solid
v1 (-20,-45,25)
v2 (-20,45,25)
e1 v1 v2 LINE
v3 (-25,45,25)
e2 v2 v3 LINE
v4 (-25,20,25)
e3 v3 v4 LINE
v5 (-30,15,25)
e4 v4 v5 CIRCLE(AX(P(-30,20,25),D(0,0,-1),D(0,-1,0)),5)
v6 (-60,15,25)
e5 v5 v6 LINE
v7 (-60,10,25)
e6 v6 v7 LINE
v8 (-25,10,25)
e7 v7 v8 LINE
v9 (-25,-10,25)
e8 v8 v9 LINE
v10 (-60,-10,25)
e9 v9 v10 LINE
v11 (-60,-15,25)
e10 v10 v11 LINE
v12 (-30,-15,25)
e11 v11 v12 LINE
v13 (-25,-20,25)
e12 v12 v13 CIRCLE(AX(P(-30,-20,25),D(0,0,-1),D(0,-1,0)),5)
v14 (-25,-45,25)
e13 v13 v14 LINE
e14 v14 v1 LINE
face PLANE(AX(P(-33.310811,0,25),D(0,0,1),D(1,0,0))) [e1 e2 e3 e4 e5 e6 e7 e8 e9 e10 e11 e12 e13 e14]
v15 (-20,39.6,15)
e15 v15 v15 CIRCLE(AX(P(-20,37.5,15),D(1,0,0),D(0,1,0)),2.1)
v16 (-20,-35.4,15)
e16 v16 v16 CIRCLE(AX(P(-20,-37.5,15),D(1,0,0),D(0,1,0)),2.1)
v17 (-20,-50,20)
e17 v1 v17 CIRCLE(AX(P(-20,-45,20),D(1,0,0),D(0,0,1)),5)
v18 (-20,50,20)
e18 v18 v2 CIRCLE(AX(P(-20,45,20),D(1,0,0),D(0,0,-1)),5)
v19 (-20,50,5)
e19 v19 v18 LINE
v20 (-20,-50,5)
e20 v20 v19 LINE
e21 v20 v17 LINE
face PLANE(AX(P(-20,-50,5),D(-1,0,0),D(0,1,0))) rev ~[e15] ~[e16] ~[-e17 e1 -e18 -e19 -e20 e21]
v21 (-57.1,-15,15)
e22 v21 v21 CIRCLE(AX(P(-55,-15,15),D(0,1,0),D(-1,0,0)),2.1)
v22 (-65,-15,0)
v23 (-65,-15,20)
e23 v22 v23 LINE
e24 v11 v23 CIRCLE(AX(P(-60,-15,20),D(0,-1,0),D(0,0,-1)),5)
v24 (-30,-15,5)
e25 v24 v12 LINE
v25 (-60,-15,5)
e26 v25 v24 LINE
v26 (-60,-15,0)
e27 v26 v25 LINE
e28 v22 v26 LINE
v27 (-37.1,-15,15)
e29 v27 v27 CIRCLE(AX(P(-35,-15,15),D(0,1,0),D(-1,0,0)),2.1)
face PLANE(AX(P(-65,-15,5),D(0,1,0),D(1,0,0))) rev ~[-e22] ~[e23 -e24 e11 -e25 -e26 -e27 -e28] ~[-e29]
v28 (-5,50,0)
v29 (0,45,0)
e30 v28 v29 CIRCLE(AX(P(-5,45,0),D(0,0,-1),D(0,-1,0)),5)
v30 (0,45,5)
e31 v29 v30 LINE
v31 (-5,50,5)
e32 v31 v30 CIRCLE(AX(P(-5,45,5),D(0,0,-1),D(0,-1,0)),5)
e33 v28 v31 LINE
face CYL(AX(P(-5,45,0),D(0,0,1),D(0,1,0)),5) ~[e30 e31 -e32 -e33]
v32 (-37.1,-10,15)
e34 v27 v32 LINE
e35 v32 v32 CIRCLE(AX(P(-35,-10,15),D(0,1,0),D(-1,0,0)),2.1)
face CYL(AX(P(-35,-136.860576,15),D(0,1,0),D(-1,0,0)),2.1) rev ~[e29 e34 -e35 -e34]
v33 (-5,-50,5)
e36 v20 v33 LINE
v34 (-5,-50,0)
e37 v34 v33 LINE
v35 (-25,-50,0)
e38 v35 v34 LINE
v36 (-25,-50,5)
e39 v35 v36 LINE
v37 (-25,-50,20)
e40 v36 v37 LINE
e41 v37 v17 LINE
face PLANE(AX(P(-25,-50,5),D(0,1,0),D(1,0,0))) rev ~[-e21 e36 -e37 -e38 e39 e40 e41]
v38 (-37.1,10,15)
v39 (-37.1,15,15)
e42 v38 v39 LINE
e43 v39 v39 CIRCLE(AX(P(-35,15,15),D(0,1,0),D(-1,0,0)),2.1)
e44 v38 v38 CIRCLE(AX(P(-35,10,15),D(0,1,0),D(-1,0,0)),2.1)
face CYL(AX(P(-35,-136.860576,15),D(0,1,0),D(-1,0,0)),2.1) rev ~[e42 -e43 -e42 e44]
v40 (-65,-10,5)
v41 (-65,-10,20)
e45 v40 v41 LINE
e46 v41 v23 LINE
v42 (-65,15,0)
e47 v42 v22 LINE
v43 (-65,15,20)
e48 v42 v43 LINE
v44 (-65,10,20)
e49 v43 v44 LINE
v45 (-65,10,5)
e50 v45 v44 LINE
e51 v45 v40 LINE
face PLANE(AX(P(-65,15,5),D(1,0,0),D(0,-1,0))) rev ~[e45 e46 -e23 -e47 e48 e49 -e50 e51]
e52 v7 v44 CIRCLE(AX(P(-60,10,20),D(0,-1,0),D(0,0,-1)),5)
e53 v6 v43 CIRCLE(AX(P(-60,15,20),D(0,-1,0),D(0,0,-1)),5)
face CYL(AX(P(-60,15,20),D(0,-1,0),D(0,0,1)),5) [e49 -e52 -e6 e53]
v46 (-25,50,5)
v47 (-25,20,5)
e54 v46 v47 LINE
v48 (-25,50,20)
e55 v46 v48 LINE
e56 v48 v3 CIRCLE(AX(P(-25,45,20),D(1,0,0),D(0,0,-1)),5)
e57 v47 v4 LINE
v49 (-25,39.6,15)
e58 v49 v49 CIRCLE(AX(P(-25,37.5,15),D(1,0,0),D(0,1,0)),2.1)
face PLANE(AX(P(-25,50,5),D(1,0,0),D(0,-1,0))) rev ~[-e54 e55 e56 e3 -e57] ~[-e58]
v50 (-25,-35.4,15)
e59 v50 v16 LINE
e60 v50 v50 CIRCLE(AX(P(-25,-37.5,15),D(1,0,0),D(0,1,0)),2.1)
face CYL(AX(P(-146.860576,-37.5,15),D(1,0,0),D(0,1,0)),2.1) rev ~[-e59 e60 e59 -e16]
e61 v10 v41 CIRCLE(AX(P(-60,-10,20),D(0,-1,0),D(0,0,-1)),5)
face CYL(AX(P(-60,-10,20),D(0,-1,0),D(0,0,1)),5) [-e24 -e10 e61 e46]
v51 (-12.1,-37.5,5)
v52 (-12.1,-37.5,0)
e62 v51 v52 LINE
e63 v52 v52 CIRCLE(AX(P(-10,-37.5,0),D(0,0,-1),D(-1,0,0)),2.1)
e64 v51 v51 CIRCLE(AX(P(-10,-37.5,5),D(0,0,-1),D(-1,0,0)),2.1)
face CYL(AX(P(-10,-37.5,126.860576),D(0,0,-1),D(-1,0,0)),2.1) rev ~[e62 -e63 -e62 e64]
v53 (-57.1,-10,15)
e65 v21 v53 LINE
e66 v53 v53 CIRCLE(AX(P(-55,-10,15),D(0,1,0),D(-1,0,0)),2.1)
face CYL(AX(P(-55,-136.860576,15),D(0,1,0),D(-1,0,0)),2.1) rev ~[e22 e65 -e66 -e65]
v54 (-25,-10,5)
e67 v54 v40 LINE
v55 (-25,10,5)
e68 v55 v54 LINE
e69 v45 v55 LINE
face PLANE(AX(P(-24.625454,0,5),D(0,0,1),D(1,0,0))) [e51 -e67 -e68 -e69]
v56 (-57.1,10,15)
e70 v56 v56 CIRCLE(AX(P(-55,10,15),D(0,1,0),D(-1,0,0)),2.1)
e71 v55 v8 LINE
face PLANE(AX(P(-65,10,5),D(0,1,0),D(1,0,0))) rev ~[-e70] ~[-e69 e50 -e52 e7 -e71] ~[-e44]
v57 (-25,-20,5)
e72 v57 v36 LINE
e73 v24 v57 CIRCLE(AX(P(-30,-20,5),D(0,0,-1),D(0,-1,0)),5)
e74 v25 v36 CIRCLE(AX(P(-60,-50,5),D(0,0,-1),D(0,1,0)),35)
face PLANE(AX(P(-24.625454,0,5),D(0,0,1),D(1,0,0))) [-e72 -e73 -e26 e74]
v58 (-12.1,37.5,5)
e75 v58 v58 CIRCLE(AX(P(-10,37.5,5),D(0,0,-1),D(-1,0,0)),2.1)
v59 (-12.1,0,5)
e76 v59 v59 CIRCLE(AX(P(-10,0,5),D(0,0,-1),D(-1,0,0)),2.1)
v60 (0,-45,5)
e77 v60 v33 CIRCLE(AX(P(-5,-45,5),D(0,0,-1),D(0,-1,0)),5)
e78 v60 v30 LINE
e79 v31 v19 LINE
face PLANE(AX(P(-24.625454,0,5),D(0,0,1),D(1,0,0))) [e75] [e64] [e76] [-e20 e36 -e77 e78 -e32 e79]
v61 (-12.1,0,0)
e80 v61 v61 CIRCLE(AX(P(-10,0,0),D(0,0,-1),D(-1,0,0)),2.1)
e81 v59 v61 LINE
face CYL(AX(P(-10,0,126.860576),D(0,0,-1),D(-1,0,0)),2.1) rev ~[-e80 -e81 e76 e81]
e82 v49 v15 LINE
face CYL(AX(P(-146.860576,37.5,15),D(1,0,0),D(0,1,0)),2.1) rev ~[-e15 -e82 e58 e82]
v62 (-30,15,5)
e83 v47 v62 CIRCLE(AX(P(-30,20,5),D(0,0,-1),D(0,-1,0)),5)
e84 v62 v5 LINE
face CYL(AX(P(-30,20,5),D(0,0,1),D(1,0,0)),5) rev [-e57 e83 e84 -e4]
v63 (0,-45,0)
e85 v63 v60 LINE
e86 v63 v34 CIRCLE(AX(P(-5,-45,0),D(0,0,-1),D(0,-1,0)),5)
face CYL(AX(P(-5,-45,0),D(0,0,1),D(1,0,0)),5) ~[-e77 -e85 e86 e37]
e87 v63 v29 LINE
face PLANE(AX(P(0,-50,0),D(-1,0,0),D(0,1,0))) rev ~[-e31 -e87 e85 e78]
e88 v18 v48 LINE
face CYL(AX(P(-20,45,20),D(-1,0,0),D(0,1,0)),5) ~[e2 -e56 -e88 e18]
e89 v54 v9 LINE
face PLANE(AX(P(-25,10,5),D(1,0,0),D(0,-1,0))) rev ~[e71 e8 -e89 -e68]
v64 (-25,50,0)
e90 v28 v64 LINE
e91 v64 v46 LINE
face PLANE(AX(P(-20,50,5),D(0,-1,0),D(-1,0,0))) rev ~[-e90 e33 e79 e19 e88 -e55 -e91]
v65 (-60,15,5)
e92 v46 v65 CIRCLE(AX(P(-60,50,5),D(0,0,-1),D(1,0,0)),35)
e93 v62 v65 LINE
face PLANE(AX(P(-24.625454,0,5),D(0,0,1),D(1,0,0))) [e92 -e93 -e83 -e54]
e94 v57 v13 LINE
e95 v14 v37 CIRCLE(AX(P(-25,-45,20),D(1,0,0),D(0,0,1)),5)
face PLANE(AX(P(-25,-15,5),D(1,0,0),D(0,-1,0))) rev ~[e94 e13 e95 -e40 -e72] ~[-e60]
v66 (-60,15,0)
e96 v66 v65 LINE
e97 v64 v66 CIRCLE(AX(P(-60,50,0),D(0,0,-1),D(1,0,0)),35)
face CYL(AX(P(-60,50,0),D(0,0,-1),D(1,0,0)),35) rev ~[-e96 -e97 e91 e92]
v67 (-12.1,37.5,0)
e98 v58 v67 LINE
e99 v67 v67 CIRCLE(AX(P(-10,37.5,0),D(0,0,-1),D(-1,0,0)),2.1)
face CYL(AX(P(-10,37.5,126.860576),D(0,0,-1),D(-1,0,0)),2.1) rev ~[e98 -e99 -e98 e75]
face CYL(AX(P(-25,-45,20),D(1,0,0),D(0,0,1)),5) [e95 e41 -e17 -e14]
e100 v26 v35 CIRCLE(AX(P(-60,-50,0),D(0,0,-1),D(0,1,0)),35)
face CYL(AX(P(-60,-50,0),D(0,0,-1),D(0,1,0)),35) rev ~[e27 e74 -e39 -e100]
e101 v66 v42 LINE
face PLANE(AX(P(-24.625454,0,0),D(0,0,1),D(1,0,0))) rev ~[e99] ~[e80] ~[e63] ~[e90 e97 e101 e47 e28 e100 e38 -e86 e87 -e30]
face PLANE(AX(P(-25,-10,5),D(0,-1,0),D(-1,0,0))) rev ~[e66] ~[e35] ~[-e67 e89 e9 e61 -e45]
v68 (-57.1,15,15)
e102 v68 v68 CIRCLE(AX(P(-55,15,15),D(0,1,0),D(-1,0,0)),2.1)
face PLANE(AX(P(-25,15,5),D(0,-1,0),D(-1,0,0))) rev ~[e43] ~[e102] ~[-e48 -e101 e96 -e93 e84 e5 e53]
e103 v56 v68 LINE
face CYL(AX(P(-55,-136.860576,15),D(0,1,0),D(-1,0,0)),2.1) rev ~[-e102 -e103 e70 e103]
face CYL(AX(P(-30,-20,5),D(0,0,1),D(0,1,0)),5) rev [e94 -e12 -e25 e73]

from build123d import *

# Parameters (mm, degrees)
F1_DEPTH   = 5
F3_DEPTH   = 20
F7_D       = 4.2
F7_ON_F5_D = 4.2
F7_ON_F4_D = 4.2
F8_R       = 5


with BuildPart() as f1:
    # F0 (on Top) → F1 (new body)
    with BuildSketch(Plane.XY):
        with BuildLine():
            Line((0, -50), (0, 0))
            Line((0, 0), (0, 50))
            Line((0, 50), (-25, 50))
            ThreePointArc((-25, 50), (-35.2512626585, 25.2512626585), (-60, 15))
            Line((-60, 15), (-65, 15))
            Line((-65, 15), (-65, 0))
            Line((-65, 0), (-65, -15))
            Line((-65, -15), (-60, -15))
            ThreePointArc((-60, -15), (-35.2512626585, -25.2512626585), (-25, -50))
            Line((-25, -50), (0, -50))
        make_face()
    extrude(amount=F1_DEPTH)

    # F2 (on face) → F3 (join)
    with BuildSketch(Plane.XY.offset(5)):
        Polygon((-20, 50), (-25, 50), (-25, 15), (-65, 15), (-65, 10), (-25, 10), (-25, -10), (-65, -10), (-65, -15), (-25, -15), (-25, -50), (-20, -50), align=None)
    extrude(amount=F3_DEPTH)

    # F7 (through all)
    with Locations(Plane.XY.offset(5)):
        with Locations((-10, -37.5), (-10, 0), (-10, 37.5)):
            Hole(F7_D / 2)

    # F7 on F5 (through all)
    with Locations(Plane(origin=(-25, 0, 0), x_dir=(0, -1, 0), z_dir=(-1, 0, 0))):
        with Locations((37.5, 15), (-37.5, 15)):
            Hole(F7_ON_F5_D / 2)

    # F7 on F4 (through all)
    with Locations(Plane.XZ.offset(15)):
        with Locations((-55, 15), (-35, 15)):
            Hole(F7_ON_F4_D / 2)

    # F8
    f8_edges = [f1.edges().sort_by_distance(p)[0] for p in [
        (-65, -12.5, 25),
        (-65, 12.5, 25),
        (-22.5, 50, 25),
        (-22.5, -50, 25),
        (0, -50, 2.5),
        (0, 50, 2.5),
        (-25, -15, 15),
        (-25, 15, 15),
    ]]
    fillet(f8_edges, radius=F8_R)


solid = f1.part
